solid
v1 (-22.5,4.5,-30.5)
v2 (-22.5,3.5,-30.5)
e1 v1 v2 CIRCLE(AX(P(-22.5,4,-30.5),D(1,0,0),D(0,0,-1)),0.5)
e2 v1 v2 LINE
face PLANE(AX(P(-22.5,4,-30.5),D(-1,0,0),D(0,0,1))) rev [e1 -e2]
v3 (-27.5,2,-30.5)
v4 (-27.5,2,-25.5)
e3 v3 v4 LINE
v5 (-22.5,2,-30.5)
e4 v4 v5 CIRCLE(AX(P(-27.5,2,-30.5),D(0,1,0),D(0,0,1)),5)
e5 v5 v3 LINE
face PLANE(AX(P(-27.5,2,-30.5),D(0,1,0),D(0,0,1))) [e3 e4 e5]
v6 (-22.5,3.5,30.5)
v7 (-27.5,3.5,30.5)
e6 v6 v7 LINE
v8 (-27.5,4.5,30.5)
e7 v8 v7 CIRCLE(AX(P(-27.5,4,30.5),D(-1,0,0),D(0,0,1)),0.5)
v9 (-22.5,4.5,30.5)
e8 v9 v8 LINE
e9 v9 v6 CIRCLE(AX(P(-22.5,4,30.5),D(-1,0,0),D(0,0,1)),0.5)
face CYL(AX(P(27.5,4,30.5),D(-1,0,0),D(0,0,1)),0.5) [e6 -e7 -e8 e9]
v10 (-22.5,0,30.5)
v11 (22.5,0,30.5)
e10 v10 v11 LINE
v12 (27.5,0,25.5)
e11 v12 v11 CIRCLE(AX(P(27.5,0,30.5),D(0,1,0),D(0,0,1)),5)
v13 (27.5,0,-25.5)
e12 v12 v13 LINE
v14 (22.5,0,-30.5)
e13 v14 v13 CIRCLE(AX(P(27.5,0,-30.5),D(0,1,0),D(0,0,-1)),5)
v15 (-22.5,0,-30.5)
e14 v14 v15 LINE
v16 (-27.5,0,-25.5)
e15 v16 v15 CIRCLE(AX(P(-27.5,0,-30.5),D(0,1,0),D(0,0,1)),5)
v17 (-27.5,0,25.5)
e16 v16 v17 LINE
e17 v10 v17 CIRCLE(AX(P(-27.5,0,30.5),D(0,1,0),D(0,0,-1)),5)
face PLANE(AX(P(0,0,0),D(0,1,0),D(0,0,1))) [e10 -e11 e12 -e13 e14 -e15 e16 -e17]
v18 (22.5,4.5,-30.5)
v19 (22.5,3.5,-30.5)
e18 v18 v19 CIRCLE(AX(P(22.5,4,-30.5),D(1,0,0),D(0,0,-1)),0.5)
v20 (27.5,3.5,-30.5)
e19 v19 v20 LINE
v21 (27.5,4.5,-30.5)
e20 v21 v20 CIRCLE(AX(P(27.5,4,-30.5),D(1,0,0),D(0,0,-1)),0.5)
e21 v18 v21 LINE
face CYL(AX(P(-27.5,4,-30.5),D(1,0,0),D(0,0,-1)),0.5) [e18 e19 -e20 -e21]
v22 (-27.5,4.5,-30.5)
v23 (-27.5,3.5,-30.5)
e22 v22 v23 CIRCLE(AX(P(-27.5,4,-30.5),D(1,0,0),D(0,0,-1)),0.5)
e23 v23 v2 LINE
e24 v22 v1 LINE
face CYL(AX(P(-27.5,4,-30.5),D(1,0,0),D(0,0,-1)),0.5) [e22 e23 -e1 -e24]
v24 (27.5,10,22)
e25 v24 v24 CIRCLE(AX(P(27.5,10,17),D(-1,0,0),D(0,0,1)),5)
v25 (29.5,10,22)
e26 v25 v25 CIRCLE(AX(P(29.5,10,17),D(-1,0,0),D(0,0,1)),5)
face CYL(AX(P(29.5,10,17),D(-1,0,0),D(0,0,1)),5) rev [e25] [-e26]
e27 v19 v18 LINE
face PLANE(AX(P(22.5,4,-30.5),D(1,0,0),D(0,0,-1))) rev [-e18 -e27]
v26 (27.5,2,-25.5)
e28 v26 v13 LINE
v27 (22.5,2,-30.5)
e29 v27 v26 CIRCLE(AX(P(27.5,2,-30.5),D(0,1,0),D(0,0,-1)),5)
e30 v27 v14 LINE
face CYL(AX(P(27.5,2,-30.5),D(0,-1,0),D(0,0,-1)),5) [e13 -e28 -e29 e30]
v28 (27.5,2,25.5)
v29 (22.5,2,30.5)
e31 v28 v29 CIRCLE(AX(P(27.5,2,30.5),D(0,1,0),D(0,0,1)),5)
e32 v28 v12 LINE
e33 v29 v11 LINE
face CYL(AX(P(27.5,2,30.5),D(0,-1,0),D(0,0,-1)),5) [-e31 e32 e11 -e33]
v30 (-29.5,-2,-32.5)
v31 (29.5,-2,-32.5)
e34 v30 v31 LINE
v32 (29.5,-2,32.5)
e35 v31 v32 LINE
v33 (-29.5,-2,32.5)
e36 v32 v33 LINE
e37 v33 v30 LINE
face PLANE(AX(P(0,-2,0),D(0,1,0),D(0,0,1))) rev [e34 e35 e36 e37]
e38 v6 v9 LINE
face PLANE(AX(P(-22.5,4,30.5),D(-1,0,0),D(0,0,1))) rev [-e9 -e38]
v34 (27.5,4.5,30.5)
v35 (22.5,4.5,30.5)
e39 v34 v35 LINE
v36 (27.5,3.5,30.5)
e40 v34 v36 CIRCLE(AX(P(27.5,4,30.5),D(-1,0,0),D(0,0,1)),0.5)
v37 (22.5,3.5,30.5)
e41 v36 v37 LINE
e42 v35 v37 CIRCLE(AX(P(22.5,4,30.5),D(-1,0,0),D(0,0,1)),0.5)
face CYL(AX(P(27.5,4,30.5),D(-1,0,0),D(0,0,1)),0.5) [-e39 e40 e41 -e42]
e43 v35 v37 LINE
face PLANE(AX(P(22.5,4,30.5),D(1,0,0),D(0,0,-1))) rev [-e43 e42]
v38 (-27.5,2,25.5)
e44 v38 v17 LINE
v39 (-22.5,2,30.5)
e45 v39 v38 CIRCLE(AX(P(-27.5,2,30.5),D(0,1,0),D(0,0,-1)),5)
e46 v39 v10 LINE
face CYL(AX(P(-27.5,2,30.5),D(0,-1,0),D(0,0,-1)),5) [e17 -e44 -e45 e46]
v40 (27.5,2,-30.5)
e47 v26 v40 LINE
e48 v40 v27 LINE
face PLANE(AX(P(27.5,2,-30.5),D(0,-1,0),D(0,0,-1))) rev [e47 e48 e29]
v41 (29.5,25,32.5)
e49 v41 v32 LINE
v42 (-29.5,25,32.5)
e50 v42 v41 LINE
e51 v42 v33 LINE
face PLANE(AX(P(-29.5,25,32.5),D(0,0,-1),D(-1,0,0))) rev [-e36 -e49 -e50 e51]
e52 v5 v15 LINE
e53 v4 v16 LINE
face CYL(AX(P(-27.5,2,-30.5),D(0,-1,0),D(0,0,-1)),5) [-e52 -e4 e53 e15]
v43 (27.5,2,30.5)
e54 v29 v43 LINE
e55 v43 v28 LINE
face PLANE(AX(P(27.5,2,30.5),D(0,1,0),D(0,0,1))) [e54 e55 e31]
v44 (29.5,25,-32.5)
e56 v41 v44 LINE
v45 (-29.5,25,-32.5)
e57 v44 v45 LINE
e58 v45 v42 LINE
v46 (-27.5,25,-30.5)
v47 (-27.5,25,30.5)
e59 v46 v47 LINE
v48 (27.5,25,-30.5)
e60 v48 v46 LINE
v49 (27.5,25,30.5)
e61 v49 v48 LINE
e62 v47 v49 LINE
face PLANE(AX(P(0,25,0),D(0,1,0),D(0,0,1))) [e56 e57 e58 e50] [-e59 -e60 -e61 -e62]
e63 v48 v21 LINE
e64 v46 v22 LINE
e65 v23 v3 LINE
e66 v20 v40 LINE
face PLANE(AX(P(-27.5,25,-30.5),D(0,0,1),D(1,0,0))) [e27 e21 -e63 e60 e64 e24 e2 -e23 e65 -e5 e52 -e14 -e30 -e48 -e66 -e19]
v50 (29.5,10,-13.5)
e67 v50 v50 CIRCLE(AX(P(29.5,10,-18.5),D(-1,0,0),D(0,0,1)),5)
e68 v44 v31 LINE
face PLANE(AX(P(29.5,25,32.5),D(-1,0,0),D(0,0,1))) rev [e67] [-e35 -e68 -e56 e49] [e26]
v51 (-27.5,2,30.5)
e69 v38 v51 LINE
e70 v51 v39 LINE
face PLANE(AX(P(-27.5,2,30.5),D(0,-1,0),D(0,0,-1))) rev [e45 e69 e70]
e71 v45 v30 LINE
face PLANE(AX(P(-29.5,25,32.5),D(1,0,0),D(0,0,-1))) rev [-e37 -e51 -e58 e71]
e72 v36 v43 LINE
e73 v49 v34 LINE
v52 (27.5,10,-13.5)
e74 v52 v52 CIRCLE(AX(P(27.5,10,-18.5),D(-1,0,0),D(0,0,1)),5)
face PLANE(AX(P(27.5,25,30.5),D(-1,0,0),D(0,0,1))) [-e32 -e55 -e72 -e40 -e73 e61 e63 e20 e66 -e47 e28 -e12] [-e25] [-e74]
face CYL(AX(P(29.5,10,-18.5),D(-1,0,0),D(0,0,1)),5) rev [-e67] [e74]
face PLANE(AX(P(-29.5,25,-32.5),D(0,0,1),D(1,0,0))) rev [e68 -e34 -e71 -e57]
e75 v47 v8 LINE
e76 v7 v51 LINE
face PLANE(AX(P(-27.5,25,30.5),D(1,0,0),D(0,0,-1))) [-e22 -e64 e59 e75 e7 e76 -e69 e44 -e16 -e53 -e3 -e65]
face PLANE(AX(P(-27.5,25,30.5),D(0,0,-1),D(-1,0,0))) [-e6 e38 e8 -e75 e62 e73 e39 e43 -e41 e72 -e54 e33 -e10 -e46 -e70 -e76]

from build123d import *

# Parameters (mm, degrees)
SKETCH_1_W          = 59
SKETCH_1_H          = 65
SKETCH_1_W_2        = 55
SKETCH_1_H_2        = 61
EXTRUDE_1_DEPTH     = 25
SKETCH_2_W          = 59
SKETCH_2_H          = 65
EXTRUDE_2_DEPTH     = 2
EXTRUDE_3_DEPTH     = 2
SKETCH_4_R          = 5
CUT_EXTRUDE_1_DEPTH = 71.215738976
SKETCH_5_W          = 5
SKETCH_5_H          = 0.5
REVOLVE_1_ANGLE     = 180
SKETCH_7_W          = 5
SKETCH_7_H          = 0.5
REVOLVE_2_ANGLE     = 180


with BuildPart() as part:
    # Эскиз1 → Бобышка-Вытянуть1 (new body)
    with BuildSketch(Plane(origin=(0, 0, 0), x_dir=(1, 0, 0), z_dir=(0, 1, 0))):
        Rectangle(SKETCH_1_W, SKETCH_1_H)
        Rectangle(SKETCH_1_W_2, SKETCH_1_H_2, mode=Mode.SUBTRACT)
    extrude(amount=EXTRUDE_1_DEPTH)

    # Эскиз2 → Бобышка-Вытянуть2 (add)
    with BuildSketch(Plane.XZ):
        Rectangle(SKETCH_2_W, SKETCH_2_H)
    extrude(amount=EXTRUDE_2_DEPTH)

    # Эскиз3 → Бобышка-Вытянуть3 (add)
    with BuildSketch(Plane(origin=(0, 0, 0), x_dir=(1, 0, 0), z_dir=(0, 1, 0))):
        with BuildLine():
            Line((-27.5, 25.5), (-27.5, 30.5))
            Line((-27.5, 30.5), (-22.5, 30.5))
            ThreePointArc((-22.5, 30.5), (-23.964466094, 26.964466094), (-27.5, 25.5))
        make_face()
        with BuildLine():
            Line((27.5, 30.5), (22.5, 30.5))
            ThreePointArc((22.5, 30.5), (23.964466094, 26.964466094), (27.5, 25.5))
            Line((27.5, 25.5), (27.5, 30.5))
        make_face()
        with BuildLine():
            Line((27.5, -25.5), (27.5, -30.5))
            Line((27.5, -30.5), (22.5, -30.5))
            ThreePointArc((22.5, -30.5), (23.964466094, -26.964466094), (27.5, -25.5))
        make_face()
        with BuildLine():
            Line((-27.5, -25.5), (-27.5, -30.5))
            Line((-27.5, -30.5), (-22.5, -30.5))
            ThreePointArc((-22.5, -30.5), (-23.964466094, -26.964466094), (-27.5, -25.5))
        make_face()
    extrude(amount=EXTRUDE_3_DEPTH)

    # Эскиз4 → Вырез-Вытянуть1 (cut, through all)
    with BuildSketch(Plane.ZY.offset(-27.5)):
        with Locations((17, 10)):
            Circle(SKETCH_4_R)
        with Locations((-18.5, 10)):
            Circle(SKETCH_4_R)
    extrude(amount=-CUT_EXTRUDE_1_DEPTH, mode=Mode.SUBTRACT)

    # Эскиз5 → Повернуть1 (revolve)
    with BuildSketch(Plane(origin=(0, 0, 30.5), x_dir=(-1, 0, 0), z_dir=(0, 0, -1))):
        with Locations((-25, 3.75)):
            Rectangle(SKETCH_5_W, SKETCH_5_H)
        with Locations((25, 3.75)):
            Rectangle(SKETCH_5_W, SKETCH_5_H)
    revolve(axis=Axis((27.5, 4, 30.5), (1, 0, 0)), revolution_arc=REVOLVE_1_ANGLE)

    # Эскиз7 → Повернуть2 (revolve)
    with BuildSketch(Plane.XY.offset(-30.5)):
        with Locations((-25, 3.75)):
            Rectangle(SKETCH_7_W, SKETCH_7_H)
        with Locations((25, 3.75)):
            Rectangle(SKETCH_7_W, SKETCH_7_H)
    revolve(axis=Axis((-27.5, 4, -30.5), (-1, 0, 0)), revolution_arc=REVOLVE_2_ANGLE)


solid = part.part
